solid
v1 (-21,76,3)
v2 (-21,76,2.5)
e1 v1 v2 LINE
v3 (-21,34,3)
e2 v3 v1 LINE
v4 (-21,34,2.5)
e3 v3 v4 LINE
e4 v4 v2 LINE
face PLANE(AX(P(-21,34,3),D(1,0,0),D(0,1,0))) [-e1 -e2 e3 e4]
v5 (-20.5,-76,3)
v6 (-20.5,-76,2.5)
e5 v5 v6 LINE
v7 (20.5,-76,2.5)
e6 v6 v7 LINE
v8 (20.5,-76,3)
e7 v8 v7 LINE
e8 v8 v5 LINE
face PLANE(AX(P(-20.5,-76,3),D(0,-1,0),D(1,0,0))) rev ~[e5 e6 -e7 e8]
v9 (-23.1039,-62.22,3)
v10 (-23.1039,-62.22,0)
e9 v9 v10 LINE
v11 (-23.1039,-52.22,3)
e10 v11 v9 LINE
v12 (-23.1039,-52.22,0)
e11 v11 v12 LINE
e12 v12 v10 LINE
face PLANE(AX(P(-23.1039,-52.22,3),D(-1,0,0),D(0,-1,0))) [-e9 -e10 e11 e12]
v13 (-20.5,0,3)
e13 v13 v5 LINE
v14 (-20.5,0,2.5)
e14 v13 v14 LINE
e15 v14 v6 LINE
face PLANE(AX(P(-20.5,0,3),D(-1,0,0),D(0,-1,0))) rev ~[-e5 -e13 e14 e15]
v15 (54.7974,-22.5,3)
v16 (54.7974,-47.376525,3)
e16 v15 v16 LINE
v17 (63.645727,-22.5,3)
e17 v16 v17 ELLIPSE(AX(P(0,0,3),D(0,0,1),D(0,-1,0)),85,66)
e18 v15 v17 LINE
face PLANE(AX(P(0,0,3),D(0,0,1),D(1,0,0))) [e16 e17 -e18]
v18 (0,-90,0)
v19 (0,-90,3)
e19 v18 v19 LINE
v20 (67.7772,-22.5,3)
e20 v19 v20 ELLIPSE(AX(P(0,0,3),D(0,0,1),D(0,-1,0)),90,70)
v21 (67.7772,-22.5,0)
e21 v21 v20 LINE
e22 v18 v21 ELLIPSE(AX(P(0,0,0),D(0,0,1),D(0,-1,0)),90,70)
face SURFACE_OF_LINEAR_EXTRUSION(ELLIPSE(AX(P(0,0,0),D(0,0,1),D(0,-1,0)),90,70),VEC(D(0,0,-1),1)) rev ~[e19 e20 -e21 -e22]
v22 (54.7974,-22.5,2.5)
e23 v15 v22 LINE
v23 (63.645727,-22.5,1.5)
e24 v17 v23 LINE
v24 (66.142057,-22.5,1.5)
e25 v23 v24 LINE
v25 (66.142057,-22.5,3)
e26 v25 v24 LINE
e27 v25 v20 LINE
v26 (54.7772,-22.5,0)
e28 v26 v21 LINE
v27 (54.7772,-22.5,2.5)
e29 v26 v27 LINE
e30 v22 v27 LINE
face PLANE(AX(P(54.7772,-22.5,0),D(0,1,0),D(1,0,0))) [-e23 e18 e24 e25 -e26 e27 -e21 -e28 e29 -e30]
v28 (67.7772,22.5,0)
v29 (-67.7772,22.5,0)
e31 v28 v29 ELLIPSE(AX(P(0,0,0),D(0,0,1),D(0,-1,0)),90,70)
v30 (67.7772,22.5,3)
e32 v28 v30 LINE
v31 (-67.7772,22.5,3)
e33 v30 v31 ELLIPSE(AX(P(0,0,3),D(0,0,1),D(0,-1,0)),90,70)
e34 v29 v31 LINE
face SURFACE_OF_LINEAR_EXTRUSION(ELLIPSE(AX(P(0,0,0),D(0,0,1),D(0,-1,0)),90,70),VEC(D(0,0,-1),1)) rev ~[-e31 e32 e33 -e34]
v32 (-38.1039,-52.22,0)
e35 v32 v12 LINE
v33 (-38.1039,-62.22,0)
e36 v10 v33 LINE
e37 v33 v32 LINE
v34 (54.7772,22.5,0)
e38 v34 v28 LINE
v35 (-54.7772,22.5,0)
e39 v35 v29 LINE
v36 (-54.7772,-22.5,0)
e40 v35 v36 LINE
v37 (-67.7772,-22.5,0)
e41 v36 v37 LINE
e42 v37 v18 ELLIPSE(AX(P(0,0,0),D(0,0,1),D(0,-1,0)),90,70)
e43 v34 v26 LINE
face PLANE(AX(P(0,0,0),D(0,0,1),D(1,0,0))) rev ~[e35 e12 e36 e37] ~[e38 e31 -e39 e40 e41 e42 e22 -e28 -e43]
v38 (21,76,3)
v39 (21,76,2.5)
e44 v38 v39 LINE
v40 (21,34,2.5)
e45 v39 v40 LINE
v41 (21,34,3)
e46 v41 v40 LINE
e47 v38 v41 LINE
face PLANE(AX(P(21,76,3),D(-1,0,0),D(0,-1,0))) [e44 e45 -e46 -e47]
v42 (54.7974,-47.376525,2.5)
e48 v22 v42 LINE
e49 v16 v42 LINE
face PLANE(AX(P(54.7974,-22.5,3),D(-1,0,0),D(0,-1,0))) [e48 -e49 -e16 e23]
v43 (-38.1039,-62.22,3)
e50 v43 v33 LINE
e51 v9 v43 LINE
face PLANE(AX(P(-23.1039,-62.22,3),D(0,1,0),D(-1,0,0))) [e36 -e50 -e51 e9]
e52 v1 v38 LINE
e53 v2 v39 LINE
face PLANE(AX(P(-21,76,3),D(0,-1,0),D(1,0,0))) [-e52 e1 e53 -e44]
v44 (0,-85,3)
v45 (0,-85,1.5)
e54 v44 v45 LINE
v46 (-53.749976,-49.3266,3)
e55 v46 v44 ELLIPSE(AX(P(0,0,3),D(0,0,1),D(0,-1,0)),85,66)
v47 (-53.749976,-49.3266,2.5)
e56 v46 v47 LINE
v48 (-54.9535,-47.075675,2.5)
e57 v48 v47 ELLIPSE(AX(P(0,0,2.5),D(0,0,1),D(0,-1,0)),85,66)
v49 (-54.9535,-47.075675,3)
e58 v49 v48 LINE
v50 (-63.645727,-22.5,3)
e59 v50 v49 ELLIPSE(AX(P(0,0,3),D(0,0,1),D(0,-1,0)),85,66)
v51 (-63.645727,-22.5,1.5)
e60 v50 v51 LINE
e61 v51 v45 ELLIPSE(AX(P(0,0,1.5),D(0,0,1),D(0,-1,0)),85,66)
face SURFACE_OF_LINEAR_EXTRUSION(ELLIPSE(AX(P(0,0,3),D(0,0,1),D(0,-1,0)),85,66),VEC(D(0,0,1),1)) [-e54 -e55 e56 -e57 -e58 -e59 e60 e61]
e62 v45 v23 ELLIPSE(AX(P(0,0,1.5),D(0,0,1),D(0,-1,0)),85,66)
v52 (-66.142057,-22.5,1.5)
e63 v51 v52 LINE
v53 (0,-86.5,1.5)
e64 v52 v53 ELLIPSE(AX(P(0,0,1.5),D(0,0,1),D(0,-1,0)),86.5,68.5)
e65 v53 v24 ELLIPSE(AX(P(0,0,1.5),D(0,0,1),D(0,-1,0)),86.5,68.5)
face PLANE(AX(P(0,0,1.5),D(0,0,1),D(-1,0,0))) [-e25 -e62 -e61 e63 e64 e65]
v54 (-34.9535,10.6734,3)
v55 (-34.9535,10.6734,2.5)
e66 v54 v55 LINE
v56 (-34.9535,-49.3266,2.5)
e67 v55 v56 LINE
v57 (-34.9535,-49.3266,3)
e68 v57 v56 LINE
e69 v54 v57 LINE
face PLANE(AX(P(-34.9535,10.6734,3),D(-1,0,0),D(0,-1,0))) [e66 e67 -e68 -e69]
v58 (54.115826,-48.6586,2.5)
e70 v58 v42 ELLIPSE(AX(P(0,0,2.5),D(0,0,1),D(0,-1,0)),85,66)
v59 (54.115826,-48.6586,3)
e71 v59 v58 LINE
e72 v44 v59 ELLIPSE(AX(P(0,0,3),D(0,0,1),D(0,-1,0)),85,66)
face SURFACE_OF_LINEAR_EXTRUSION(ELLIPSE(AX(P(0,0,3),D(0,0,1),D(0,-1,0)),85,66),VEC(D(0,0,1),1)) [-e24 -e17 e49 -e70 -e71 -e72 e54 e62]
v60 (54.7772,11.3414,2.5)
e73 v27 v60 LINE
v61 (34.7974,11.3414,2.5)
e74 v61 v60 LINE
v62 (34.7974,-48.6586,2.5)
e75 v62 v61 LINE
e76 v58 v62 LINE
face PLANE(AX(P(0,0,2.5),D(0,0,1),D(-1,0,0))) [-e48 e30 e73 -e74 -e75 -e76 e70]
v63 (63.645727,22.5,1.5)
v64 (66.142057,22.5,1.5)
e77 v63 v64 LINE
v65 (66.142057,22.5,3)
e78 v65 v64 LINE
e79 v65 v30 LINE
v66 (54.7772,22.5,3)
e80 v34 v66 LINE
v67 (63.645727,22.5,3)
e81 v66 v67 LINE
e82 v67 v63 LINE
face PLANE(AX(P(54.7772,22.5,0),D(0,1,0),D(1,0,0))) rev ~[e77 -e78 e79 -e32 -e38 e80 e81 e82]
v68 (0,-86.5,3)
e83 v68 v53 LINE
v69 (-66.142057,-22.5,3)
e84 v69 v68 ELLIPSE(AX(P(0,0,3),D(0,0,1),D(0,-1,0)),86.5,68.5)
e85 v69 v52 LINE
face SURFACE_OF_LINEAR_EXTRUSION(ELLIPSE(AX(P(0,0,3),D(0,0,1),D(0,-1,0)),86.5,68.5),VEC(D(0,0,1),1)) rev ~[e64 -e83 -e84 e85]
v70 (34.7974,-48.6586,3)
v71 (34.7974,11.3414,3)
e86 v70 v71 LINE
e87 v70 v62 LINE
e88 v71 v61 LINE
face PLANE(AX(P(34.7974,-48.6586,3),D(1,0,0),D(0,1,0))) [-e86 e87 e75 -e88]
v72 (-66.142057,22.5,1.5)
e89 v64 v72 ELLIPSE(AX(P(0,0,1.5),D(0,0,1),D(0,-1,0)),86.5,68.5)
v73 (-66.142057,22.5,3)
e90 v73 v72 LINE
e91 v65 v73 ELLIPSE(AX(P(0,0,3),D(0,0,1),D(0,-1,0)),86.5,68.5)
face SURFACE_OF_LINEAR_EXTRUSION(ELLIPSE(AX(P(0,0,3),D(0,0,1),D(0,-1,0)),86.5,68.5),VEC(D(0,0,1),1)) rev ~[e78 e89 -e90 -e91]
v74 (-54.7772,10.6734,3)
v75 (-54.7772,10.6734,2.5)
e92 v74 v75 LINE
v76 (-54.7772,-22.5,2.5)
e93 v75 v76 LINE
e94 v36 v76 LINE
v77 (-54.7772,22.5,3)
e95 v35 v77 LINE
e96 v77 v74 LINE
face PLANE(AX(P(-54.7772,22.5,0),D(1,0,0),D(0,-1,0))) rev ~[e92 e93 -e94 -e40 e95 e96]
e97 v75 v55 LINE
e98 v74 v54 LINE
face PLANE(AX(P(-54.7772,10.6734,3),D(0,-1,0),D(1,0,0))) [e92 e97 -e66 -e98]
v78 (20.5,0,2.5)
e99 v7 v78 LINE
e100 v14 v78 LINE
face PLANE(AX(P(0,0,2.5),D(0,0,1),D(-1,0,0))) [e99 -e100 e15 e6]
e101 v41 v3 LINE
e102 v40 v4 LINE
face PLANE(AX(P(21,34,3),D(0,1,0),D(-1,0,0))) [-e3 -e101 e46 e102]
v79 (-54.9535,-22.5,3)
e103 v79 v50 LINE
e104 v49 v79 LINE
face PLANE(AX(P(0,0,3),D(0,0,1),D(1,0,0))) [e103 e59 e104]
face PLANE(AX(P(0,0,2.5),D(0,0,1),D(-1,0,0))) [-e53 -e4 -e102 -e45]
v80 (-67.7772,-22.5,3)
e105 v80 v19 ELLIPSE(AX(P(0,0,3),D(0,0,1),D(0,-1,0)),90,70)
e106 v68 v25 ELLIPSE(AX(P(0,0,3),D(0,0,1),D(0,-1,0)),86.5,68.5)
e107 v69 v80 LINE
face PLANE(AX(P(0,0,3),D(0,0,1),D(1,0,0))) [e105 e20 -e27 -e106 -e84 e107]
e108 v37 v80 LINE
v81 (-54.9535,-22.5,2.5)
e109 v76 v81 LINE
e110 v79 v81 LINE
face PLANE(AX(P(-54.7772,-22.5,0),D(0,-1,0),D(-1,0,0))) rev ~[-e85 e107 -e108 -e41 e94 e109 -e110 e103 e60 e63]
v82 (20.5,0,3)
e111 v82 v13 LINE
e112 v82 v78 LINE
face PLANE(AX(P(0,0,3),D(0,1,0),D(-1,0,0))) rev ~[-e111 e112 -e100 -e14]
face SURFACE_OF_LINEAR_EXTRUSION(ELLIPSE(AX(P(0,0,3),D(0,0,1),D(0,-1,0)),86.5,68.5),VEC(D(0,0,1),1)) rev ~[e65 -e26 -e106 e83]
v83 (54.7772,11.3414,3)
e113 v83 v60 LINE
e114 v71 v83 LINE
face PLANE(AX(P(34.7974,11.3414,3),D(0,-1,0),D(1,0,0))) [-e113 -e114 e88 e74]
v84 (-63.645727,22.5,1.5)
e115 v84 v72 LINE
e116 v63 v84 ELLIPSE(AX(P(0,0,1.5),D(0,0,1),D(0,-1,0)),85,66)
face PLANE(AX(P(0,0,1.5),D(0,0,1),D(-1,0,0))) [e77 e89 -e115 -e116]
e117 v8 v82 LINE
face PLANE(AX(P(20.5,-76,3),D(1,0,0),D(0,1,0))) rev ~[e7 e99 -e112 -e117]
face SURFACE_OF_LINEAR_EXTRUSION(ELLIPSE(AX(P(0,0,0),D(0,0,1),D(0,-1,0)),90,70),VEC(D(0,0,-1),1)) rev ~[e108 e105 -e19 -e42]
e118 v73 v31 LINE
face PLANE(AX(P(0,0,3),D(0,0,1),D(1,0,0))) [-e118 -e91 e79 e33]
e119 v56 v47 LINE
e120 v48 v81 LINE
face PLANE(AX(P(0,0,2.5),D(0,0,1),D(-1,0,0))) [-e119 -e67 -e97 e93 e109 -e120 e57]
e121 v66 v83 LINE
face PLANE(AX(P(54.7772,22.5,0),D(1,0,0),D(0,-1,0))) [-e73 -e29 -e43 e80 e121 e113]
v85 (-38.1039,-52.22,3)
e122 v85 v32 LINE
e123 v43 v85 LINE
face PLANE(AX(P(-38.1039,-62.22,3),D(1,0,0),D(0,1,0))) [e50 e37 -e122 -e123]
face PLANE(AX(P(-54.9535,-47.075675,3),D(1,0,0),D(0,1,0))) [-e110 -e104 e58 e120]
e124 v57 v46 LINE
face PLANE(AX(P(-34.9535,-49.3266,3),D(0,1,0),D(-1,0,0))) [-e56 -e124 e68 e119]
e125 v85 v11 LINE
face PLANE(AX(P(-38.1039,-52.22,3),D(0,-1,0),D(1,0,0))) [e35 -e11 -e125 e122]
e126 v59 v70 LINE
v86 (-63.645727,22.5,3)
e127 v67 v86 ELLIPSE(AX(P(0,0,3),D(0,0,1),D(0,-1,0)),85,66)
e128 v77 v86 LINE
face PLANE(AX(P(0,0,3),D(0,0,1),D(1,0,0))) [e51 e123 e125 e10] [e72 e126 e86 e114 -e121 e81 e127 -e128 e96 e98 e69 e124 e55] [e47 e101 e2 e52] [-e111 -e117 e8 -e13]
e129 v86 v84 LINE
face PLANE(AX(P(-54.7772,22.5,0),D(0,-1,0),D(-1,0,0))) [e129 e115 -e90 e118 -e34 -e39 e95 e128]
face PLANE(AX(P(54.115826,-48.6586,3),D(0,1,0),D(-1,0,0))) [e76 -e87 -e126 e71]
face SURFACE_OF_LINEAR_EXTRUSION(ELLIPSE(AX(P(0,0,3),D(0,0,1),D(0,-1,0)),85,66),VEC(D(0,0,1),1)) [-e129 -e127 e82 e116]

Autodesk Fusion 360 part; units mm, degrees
sketch "Sketch1" plane through (0, 0, 0) normal (0, 0, 1) x (1, 0, 0)
  line L0 (-54.7772, 22.5) -> (-54.7772, -22.5)
  line L1 (-54.7772, -22.5) -> (-67.7772, -22.5)
  ellipse E0 centre (0, 0) end of major axis (-70, 0) minor radius 90
  line L2 (70, 0) -> (-70, 0) construction
  line L3 (-54.7772, 22.5) -> (-67.7772, 22.5)
  line L4 (0, 0) -> (70, 0) construction
  line L5 (0, 0) -> (0, 90) construction
  line L6 (54.7772, 22.5) -> (54.7772, -22.5)
  line L7 (54.7772, -22.5) -> (67.7772, -22.5)
  line L8 (54.7772, 22.5) -> (67.7772, 22.5)
  dimension "d2" = 45
  dimension "d29" = 13
  dimension "d30" = 70
  dimension "d31" = 90
  dimension "d32" = 13
extrude "Extrude1" add sketch "Sketch1" along normal blind 3 contours L0 L1 E0 L3 L6 L7 L8
sketch "Sketch2" plane through (0, 0, 3) normal (0, 0, 1) x (-1, 0, 0)
  line L0 (54.7772, -22.5) -> (54.7772, 22.5)
  line L1 (67.7772, -22.5) -> (54.7772, -22.5)
  ellipse E0 centre (0, 0) end of major axis (0, 90) minor radius 70 (-67.7772, -22.5) -> (67.7772, -22.5) ccw
  line L2 (54.7772, 22.5) -> (67.7772, 22.5)
  line L3 (-54.7772, 22.5) -> (-54.7772, -22.5)
  line L4 (-54.7772, -22.5) -> (-67.7772, -22.5)
  ellipse E1 centre (0, 0) end of major axis (0, 90) minor radius 70 (67.7772, 22.5) -> (-67.7772, 22.5) ccw
  line L5 (-67.7772, 22.5) -> (-54.7772, 22.5)
  ellipse E2 centre (0, 0) end of major axis (68.5, 0) minor radius 86.5
  line L6 (-68.5, 0) -> (68.5, 0) construction
  line L7 (0, -86.5) -> (0, 86.5) construction
  ellipse E3 centre (0, 0) end of major axis (66, 0) minor radius 85
  line L8 (-66, 0) -> (66, 0) construction
  line L9 (0, -85) -> (0, 85) construction
  dimension "d33" = 137
  dimension "d34" = 173
  dimension "d35" = 132
  dimension "d36" = 170
extrude "Extrude2" cut sketch "Sketch2" against normal blind 1.5 contours L1 L2 E2 E3 | L1 L4 E2 E3 | L2 L5 E2 E3 | L4 L5 E2 E3
sketch "Sketch3" plane through (0, 0, 3) normal (0, 0, 1) x (-1, 0, 0)
  line L0 (21, -76) -> (-21, -76)
  line L1 (-21, -76) -> (-21, -34)
  line L2 (-21, -34) -> (21, -34)
  line L3 (21, -34) -> (21, -76)
  line L4 (63.6457, -22.5) -> (54.7772, -22.5)
  line L5 (54.7772, 22.5) -> (63.6457, 22.5)
  line L6 (54.7772, -22.5) -> (54.7772, 22.5)
  line L7 (-54.7772, 22.5) -> (-54.7772, -22.5)
  line L8 (-54.7772, -22.5) -> (-63.6457, -22.5)
  line L9 (-63.6457, 22.5) -> (-54.7772, 22.5)
  ellipse E0 centre (0, 0) end of major axis (0, 85) minor radius 66 (63.6457, 22.5) -> (-63.6457, 22.5) ccw
  ellipse E1 centre (0, 0) end of major axis (0, 85) minor radius 66 (-63.6457, -22.5) -> (63.6457, -22.5) ccw
  line L10 (-34.7974, -11.3414) -> (-54.7974, -11.3414)
  line L11 (-54.7974, -11.3414) -> (-54.7974, 48.6586)
  line L12 (-54.7974, 48.6586) -> (-34.7974, 48.6586)
  line L13 (-34.7974, 48.6586) -> (-34.7974, -11.3414)
  line L14 (54.9535, -10.6734) -> (34.9535, -10.6734)
  line L15 (34.9535, -10.6734) -> (34.9535, 49.3266)
  line L16 (34.9535, 49.3266) -> (54.9535, 49.3266)
  line L17 (54.9535, 49.3266) -> (54.9535, -10.6734)
  line L18 (-20.5, 0) -> (20.5, 0)
  line L19 (20.5, 0) -> (20.5, 76)
  line L20 (20.5, 76) -> (-20.5, 76)
  line L21 (-20.5, 76) -> (-20.5, 0)
  line L22 (38.1039, 52.22) -> (23.1039, 52.22)
  line L23 (23.1039, 52.22) -> (23.1039, 62.22)
  line L24 (23.1039, 62.22) -> (38.1039, 62.22)
  line L25 (38.1039, 62.22) -> (38.1039, 52.22)
  circle A0 centre (162.6967, 56.966) radius 52
  line L26 (0, 0) -> (0, 100)
  dimension "d21" = 42
  dimension "d22" = 42
  dimension "d37" = 20
  dimension "d38" = 60
  dimension "d39" = 20
  dimension "d40" = 60
  dimension "d41" = 41
  dimension "d42" = 76
  dimension "d43" = 15
  dimension "d44" = 10
  dimension "d45" = 104
  dimension "d46" = 100
  dimension "d47" = 20.5
  dimension "d48" = 21
  dimension "d49" = 34
extrude "Extrude3" cut sketch "Sketch3" against normal blind 0.5 contours L0 L1 L2 L3 | L18 L19 L20 L26 | L18 L20 L21 L26 | L5 L6 E0 L14 L15 L16 L17 | L7 L9 E0 L10 L11 L12 L13
extrude "Extrude4" cut sketch "Sketch3" against normal blind 3 contours L22 L23 L24 L25
